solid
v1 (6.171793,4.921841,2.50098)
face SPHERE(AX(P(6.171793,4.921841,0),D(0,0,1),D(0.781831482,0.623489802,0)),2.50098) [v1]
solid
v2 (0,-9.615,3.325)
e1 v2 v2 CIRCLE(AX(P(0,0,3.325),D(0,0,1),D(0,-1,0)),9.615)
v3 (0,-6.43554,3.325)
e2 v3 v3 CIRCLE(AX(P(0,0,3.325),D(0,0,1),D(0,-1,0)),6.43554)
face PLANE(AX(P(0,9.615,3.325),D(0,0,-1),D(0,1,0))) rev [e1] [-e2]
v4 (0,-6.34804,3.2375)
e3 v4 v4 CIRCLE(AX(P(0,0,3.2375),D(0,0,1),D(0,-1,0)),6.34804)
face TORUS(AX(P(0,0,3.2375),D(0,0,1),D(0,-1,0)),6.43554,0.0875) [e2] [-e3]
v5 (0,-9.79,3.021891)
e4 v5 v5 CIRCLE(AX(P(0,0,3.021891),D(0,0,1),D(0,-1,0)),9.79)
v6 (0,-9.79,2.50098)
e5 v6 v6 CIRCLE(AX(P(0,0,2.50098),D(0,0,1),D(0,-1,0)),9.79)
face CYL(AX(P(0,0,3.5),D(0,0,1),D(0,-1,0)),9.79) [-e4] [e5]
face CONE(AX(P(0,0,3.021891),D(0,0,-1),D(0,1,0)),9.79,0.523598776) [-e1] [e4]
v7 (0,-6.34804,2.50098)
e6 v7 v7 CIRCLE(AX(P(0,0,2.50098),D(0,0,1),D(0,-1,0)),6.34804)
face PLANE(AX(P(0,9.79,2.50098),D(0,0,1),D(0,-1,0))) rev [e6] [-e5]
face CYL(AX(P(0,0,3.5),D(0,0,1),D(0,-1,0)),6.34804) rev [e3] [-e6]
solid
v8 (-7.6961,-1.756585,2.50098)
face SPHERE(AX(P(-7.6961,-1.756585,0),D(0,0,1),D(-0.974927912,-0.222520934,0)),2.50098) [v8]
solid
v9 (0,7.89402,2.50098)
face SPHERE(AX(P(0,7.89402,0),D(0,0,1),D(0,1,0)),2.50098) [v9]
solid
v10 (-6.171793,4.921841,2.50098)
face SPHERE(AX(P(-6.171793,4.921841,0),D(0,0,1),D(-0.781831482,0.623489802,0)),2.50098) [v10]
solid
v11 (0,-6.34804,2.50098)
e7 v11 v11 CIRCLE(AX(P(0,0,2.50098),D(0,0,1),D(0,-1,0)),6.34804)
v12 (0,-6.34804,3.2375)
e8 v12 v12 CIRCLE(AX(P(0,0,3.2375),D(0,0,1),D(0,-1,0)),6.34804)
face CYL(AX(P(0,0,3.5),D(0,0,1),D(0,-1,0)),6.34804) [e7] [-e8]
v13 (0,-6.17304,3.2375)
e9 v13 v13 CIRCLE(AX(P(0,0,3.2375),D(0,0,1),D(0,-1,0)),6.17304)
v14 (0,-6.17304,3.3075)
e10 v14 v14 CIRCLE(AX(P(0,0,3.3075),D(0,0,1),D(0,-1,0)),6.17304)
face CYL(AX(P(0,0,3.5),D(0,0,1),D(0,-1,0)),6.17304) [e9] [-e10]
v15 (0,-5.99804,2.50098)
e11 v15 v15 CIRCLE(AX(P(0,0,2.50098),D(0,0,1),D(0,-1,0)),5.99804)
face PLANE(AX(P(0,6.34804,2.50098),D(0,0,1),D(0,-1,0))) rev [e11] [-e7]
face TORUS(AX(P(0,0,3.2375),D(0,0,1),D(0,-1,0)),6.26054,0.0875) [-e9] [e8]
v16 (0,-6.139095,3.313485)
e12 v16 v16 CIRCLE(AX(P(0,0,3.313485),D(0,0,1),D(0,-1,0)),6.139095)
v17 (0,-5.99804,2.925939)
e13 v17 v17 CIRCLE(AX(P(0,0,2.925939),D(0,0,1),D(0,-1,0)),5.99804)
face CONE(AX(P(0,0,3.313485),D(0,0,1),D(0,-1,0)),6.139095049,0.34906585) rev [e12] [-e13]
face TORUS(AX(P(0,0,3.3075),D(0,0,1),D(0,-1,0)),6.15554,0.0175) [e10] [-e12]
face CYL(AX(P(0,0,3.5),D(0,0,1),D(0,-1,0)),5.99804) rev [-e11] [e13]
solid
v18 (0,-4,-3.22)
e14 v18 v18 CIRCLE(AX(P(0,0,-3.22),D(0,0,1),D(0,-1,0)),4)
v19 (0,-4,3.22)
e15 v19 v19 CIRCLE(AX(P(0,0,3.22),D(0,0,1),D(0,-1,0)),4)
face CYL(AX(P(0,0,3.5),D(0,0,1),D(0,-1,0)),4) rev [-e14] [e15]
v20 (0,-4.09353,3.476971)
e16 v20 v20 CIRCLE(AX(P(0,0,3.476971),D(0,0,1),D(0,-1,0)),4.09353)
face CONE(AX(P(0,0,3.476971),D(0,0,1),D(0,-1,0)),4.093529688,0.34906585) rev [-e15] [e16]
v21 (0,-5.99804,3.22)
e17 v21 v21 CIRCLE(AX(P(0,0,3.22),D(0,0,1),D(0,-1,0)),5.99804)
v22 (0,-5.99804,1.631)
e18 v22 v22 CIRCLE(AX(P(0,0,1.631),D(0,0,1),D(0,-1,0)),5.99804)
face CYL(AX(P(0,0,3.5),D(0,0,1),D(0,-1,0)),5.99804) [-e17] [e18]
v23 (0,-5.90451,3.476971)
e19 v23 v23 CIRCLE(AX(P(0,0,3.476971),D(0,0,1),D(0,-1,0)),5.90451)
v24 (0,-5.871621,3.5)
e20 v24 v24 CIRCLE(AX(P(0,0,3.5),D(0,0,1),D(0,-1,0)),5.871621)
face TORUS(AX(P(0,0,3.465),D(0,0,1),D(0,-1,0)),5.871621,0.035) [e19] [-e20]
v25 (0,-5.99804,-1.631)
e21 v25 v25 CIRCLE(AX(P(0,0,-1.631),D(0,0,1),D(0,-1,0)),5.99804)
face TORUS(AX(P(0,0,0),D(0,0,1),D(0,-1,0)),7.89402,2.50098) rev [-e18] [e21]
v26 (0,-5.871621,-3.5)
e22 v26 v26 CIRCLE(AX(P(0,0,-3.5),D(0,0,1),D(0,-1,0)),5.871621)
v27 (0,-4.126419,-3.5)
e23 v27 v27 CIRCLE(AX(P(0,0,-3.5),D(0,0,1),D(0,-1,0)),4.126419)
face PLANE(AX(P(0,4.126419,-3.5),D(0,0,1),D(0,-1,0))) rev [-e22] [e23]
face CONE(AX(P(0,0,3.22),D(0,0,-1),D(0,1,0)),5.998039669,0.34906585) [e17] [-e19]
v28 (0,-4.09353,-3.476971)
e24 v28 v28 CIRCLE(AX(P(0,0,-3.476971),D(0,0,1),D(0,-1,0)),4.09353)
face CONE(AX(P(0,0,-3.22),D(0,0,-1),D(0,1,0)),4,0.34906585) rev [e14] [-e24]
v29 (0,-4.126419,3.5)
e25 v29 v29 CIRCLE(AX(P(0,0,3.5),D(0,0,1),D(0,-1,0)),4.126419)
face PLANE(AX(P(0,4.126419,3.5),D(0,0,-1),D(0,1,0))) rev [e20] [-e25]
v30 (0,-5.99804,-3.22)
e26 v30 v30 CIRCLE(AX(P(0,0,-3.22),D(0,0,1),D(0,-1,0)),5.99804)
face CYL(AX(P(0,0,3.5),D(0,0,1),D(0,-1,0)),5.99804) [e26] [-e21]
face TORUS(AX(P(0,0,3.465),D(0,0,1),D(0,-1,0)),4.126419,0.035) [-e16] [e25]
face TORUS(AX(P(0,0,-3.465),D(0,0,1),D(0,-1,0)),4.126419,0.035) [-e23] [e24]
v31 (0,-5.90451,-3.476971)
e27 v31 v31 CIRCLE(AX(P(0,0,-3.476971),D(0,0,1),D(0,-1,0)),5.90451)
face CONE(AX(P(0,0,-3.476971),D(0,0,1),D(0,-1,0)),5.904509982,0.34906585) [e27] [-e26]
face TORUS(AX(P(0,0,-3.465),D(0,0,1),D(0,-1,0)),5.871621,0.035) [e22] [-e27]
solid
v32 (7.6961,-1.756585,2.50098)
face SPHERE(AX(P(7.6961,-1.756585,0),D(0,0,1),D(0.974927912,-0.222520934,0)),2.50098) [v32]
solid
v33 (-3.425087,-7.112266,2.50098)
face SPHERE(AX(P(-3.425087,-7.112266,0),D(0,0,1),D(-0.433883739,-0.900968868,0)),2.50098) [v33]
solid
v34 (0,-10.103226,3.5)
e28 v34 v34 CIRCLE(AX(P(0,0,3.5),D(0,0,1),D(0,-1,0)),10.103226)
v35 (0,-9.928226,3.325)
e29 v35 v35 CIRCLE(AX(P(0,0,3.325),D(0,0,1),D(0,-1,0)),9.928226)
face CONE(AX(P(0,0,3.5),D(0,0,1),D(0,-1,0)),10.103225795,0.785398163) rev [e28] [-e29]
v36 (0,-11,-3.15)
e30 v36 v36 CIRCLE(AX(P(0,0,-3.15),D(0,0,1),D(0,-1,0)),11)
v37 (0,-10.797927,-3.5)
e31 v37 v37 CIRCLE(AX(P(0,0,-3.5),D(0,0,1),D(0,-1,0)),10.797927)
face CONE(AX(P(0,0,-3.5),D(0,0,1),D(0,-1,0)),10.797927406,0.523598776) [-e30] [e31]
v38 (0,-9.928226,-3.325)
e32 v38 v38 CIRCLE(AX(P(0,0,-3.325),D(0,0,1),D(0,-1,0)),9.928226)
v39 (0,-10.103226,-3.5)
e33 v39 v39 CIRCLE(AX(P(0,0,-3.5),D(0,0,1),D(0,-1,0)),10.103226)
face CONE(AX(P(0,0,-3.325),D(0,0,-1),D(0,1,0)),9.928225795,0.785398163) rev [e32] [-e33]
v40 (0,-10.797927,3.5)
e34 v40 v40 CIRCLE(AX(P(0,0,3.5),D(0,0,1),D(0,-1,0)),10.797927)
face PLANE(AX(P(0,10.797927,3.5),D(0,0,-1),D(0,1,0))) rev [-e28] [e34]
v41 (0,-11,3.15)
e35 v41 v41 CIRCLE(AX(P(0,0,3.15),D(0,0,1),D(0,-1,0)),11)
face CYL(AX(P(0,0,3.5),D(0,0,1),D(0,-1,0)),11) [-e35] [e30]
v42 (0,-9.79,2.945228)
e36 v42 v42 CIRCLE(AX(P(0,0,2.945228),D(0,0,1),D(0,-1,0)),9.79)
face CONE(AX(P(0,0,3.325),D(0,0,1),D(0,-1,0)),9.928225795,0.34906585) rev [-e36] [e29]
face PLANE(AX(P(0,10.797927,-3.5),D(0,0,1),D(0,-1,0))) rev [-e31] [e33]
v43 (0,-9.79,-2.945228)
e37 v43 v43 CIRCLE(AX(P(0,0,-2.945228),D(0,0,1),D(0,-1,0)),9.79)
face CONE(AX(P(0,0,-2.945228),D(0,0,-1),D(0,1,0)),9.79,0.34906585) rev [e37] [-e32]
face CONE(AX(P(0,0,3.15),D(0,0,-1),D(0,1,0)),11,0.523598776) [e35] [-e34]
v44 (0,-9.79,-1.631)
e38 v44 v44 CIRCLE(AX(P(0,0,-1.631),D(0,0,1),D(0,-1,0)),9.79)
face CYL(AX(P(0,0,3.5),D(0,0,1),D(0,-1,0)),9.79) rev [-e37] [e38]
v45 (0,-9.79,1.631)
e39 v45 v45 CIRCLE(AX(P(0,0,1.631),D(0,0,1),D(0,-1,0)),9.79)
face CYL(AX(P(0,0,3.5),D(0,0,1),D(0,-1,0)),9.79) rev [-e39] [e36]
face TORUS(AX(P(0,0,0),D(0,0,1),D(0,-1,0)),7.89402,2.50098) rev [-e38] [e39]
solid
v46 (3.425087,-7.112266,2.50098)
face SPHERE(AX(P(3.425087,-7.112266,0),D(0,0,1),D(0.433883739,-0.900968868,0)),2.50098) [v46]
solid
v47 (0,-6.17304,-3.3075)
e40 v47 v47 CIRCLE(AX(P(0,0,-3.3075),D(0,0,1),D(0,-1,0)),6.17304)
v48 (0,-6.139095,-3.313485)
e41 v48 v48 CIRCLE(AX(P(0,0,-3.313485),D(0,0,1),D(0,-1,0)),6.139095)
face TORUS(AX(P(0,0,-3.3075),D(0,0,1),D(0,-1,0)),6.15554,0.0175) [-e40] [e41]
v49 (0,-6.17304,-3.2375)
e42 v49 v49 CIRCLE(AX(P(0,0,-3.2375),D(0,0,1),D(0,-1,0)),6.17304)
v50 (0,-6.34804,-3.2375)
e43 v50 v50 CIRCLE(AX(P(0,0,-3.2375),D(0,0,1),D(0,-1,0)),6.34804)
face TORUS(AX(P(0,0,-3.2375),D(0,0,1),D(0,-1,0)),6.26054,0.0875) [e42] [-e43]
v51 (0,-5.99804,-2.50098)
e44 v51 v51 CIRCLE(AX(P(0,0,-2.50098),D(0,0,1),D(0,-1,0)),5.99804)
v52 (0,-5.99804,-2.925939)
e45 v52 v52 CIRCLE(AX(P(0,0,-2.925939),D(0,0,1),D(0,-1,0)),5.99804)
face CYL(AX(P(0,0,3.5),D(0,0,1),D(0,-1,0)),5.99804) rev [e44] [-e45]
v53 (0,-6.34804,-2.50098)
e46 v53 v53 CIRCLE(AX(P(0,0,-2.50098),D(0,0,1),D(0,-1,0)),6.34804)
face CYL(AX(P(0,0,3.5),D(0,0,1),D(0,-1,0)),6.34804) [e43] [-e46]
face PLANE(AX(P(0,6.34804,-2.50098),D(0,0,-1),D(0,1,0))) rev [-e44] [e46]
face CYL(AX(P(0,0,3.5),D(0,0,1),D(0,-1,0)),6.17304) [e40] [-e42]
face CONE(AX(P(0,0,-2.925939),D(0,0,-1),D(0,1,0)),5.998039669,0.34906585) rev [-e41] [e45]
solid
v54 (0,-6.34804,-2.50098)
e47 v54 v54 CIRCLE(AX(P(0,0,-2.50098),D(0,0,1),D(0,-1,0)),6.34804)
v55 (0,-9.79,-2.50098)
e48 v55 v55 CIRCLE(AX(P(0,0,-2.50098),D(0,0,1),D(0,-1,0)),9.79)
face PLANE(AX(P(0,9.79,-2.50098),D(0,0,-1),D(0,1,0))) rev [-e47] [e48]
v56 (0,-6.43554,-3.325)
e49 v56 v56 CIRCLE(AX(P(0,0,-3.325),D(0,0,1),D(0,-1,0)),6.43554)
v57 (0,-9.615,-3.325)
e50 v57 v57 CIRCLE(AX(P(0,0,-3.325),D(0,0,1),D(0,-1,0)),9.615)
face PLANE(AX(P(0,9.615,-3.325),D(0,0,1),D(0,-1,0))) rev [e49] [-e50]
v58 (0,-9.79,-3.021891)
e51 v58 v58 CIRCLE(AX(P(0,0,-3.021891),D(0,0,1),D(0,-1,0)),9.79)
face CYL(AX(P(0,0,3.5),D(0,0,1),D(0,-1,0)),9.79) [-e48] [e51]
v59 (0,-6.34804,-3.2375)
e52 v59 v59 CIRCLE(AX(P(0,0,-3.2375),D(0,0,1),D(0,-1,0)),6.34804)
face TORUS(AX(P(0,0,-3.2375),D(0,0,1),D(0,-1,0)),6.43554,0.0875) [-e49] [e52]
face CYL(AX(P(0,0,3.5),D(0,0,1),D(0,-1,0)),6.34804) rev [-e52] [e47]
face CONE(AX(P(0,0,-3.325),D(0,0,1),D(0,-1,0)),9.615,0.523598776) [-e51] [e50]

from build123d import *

# Parameters (mm, degrees)
CIRPATTERN1_COUNT = 7


with BuildPart() as part:
    # Sketch3 → Revolve1 (revolve)
    with BuildSketch(Plane(origin=(0, 0, 0), x_dir=(0, 0, -1), z_dir=(1, 0, 0))):
        with BuildLine():
            Line((-2.945227749, 9.79), (-3.325, 9.928225795))
            Line((-3.325, 9.928225795), (-3.5, 10.103225795))
            Line((-3.5, 10.103225795), (-3.5, 10.797927406))
            Line((-3.5, 10.797927406), (-3.15, 11))
            Line((-3.15, 11), (3.15, 11))
            Line((3.15, 11), (3.5, 10.797927406))
            Line((3.5, 10.797927406), (3.5, 10.103225795))
            Line((3.5, 10.103225795), (3.325, 9.928225795))
            Line((3.325, 9.928225795), (2.945227749, 9.79))
            Line((2.945227749, 9.79), (1.631, 9.79))
            ThreePointArc((1.631, 9.79), (0, 10.395), (-1.631, 9.79))
            Line((-1.631, 9.79), (-2.945227749, 9.79))
        make_face()
    revolve(axis=Axis((0, 0, 3.5), (0, 0, -1)))


with BuildPart() as body_2:
    # Sketch4 → Revolve2 (revolve)
    with BuildSketch(Plane(origin=(0, 0, 0), x_dir=(0, 0, -1), z_dir=(1, 0, 0))):
        with BuildLine():
            Line((-3.22, 4), (-3.476970705, 4.093529688))
            ThreePointArc((-3.476970705, 4.093529688), (-3.493670322, 4.106343754), (-3.5, 4.126418929))
            Line((-3.5, 4.126418929), (-3.5, 5.87162074))
            ThreePointArc((-3.5, 5.87162074), (-3.493670322, 5.891695915), (-3.476970705, 5.904509982))
            Line((-3.476970705, 5.904509982), (-3.22, 5.998039669))
            Line((-3.22, 5.998039669), (-1.631, 5.998039669))
            ThreePointArc((-1.631, 5.998039669), (0, 5.393039669), (1.631, 5.998039669))
            Line((1.631, 5.998039669), (3.22, 5.998039669))
            Line((3.22, 5.998039669), (3.476970705, 5.904509982))
            ThreePointArc((3.476970705, 5.904509982), (3.493670322, 5.891695915), (3.5, 5.87162074))
            Line((3.5, 5.87162074), (3.5, 4.126418929))
            ThreePointArc((3.5, 4.126418929), (3.493670322, 4.106343754), (3.476970705, 4.093529688))
            Line((3.476970705, 4.093529688), (3.22, 4))
            Line((3.22, 4), (-3.22, 4))
        make_face()
    revolve(axis=Axis((0, 0, 3.5), (0, 0, -1)))


with BuildPart() as body_3:
    # Sketch5 → Revolve3 (revolve)
    with BuildSketch(Plane(origin=(0, 0, 0), x_dir=(0, 0, -1), z_dir=(1, 0, 0))):
        with BuildLine():
            Line((-2.500980165, 7.894019835), (2.500980165, 7.894019835))
            ThreePointArc((2.500980165, 7.894019835), (0, 10.395), (-2.500980165, 7.894019835))
        make_face()
    revolve(axis=Axis((0, 7.894019835, 2.500980165), (0, 0, -1)))


with BuildPart() as cirpattern1_1:
    # CirPattern1: pattern copy
    add(body_3.part.rotate(Axis((0, 0, 0), (0, 0, 1)), 1 * 360 / CIRPATTERN1_COUNT))


with BuildPart() as cirpattern1_2:
    # CirPattern1: pattern copy
    add(body_3.part.rotate(Axis((0, 0, 0), (0, 0, 1)), 2 * 360 / CIRPATTERN1_COUNT))


with BuildPart() as cirpattern1_3:
    # CirPattern1: pattern copy
    add(body_3.part.rotate(Axis((0, 0, 0), (0, 0, 1)), 3 * 360 / CIRPATTERN1_COUNT))


with BuildPart() as cirpattern1_4:
    # CirPattern1: pattern copy
    add(body_3.part.rotate(Axis((0, 0, 0), (0, 0, 1)), 4 * 360 / CIRPATTERN1_COUNT))


with BuildPart() as cirpattern1_5:
    # CirPattern1: pattern copy
    add(body_3.part.rotate(Axis((0, 0, 0), (0, 0, 1)), 5 * 360 / CIRPATTERN1_COUNT))


with BuildPart() as cirpattern1_6:
    # CirPattern1: pattern copy
    add(body_3.part.rotate(Axis((0, 0, 0), (0, 0, 1)), 6 * 360 / CIRPATTERN1_COUNT))


with BuildPart() as body_10:
    # Sketch6 → Revolve4 (revolve)
    with BuildSketch(Plane(origin=(0, 0, 0), x_dir=(0, 0, -1), z_dir=(1, 0, 0))):
        with BuildLine():
            Line((-3.021891109, 9.79), (-2.500980165, 9.79))
            Line((-2.500980165, 9.79), (-2.500980165, 6.348039669))
            Line((-2.500980165, 6.348039669), (-3.2375, 6.348039669))
            ThreePointArc((-3.2375, 6.348039669), (-3.299371843, 6.373667826), (-3.325, 6.435539669))
            Line((-3.325, 6.435539669), (-3.325, 9.615))
            Line((-3.325, 9.615), (-3.021891109, 9.79))
        make_face()
        with BuildLine():
            Line((3.2375, 6.348039669), (2.500980165, 6.348039669))
            Line((2.500980165, 6.348039669), (2.500980165, 9.79))
            Line((2.500980165, 9.79), (3.021891109, 9.79))
            Line((3.021891109, 9.79), (3.325, 9.615))
            Line((3.325, 9.615), (3.325, 6.435539669))
            ThreePointArc((3.325, 6.435539669), (3.299371843, 6.373667826), (3.2375, 6.348039669))
        make_face()
    revolve(axis=Axis((0, 0, 3.5), (0, 0, -1)))


with BuildPart() as body_11:
    # Sketch7 → Revolve5 (revolve)
    with BuildSketch(Plane(origin=(0, 0, 0), x_dir=(0, 0, -1), z_dir=(1, 0, 0))):
        with BuildLine():
            Line((-2.500980165, 5.998039669), (-2.925938883, 5.998039669))
            Line((-2.925938883, 5.998039669), (-3.313485353, 6.139095049))
            ThreePointArc((-3.313485353, 6.139095049), (-3.324734136, 6.158578513), (-3.3075, 6.173039669))
            Line((-3.3075, 6.173039669), (-3.2375, 6.173039669))
            ThreePointArc((-3.2375, 6.173039669), (-3.325, 6.260539669), (-3.2375, 6.348039669))
            Line((-3.2375, 6.348039669), (-2.500980165, 6.348039669))
            Line((-2.500980165, 6.348039669), (-2.500980165, 5.998039669))
        make_face()
        with BuildLine():
            Line((2.500980165, 6.348039669), (2.500980165, 5.998039669))
            Line((2.500980165, 5.998039669), (2.925938883, 5.998039669))
            Line((2.925938883, 5.998039669), (3.313485353, 6.139095049))
            ThreePointArc((3.313485353, 6.139095049), (3.324734136, 6.158578513), (3.3075, 6.173039669))
            Line((3.3075, 6.173039669), (3.2375, 6.173039669))
            ThreePointArc((3.2375, 6.173039669), (3.325, 6.260539669), (3.2375, 6.348039669))
            Line((3.2375, 6.348039669), (2.500980165, 6.348039669))
        make_face()
    revolve(axis=Axis((0, 0, 3.5), (0, 0, -1)))


solid = Compound([part.part, body_2.part, body_3.part, cirpattern1_1.part, cirpattern1_2.part, cirpattern1_3.part, cirpattern1_4.part, cirpattern1_5.part, cirpattern1_6.part, body_10.part, body_11.part])
